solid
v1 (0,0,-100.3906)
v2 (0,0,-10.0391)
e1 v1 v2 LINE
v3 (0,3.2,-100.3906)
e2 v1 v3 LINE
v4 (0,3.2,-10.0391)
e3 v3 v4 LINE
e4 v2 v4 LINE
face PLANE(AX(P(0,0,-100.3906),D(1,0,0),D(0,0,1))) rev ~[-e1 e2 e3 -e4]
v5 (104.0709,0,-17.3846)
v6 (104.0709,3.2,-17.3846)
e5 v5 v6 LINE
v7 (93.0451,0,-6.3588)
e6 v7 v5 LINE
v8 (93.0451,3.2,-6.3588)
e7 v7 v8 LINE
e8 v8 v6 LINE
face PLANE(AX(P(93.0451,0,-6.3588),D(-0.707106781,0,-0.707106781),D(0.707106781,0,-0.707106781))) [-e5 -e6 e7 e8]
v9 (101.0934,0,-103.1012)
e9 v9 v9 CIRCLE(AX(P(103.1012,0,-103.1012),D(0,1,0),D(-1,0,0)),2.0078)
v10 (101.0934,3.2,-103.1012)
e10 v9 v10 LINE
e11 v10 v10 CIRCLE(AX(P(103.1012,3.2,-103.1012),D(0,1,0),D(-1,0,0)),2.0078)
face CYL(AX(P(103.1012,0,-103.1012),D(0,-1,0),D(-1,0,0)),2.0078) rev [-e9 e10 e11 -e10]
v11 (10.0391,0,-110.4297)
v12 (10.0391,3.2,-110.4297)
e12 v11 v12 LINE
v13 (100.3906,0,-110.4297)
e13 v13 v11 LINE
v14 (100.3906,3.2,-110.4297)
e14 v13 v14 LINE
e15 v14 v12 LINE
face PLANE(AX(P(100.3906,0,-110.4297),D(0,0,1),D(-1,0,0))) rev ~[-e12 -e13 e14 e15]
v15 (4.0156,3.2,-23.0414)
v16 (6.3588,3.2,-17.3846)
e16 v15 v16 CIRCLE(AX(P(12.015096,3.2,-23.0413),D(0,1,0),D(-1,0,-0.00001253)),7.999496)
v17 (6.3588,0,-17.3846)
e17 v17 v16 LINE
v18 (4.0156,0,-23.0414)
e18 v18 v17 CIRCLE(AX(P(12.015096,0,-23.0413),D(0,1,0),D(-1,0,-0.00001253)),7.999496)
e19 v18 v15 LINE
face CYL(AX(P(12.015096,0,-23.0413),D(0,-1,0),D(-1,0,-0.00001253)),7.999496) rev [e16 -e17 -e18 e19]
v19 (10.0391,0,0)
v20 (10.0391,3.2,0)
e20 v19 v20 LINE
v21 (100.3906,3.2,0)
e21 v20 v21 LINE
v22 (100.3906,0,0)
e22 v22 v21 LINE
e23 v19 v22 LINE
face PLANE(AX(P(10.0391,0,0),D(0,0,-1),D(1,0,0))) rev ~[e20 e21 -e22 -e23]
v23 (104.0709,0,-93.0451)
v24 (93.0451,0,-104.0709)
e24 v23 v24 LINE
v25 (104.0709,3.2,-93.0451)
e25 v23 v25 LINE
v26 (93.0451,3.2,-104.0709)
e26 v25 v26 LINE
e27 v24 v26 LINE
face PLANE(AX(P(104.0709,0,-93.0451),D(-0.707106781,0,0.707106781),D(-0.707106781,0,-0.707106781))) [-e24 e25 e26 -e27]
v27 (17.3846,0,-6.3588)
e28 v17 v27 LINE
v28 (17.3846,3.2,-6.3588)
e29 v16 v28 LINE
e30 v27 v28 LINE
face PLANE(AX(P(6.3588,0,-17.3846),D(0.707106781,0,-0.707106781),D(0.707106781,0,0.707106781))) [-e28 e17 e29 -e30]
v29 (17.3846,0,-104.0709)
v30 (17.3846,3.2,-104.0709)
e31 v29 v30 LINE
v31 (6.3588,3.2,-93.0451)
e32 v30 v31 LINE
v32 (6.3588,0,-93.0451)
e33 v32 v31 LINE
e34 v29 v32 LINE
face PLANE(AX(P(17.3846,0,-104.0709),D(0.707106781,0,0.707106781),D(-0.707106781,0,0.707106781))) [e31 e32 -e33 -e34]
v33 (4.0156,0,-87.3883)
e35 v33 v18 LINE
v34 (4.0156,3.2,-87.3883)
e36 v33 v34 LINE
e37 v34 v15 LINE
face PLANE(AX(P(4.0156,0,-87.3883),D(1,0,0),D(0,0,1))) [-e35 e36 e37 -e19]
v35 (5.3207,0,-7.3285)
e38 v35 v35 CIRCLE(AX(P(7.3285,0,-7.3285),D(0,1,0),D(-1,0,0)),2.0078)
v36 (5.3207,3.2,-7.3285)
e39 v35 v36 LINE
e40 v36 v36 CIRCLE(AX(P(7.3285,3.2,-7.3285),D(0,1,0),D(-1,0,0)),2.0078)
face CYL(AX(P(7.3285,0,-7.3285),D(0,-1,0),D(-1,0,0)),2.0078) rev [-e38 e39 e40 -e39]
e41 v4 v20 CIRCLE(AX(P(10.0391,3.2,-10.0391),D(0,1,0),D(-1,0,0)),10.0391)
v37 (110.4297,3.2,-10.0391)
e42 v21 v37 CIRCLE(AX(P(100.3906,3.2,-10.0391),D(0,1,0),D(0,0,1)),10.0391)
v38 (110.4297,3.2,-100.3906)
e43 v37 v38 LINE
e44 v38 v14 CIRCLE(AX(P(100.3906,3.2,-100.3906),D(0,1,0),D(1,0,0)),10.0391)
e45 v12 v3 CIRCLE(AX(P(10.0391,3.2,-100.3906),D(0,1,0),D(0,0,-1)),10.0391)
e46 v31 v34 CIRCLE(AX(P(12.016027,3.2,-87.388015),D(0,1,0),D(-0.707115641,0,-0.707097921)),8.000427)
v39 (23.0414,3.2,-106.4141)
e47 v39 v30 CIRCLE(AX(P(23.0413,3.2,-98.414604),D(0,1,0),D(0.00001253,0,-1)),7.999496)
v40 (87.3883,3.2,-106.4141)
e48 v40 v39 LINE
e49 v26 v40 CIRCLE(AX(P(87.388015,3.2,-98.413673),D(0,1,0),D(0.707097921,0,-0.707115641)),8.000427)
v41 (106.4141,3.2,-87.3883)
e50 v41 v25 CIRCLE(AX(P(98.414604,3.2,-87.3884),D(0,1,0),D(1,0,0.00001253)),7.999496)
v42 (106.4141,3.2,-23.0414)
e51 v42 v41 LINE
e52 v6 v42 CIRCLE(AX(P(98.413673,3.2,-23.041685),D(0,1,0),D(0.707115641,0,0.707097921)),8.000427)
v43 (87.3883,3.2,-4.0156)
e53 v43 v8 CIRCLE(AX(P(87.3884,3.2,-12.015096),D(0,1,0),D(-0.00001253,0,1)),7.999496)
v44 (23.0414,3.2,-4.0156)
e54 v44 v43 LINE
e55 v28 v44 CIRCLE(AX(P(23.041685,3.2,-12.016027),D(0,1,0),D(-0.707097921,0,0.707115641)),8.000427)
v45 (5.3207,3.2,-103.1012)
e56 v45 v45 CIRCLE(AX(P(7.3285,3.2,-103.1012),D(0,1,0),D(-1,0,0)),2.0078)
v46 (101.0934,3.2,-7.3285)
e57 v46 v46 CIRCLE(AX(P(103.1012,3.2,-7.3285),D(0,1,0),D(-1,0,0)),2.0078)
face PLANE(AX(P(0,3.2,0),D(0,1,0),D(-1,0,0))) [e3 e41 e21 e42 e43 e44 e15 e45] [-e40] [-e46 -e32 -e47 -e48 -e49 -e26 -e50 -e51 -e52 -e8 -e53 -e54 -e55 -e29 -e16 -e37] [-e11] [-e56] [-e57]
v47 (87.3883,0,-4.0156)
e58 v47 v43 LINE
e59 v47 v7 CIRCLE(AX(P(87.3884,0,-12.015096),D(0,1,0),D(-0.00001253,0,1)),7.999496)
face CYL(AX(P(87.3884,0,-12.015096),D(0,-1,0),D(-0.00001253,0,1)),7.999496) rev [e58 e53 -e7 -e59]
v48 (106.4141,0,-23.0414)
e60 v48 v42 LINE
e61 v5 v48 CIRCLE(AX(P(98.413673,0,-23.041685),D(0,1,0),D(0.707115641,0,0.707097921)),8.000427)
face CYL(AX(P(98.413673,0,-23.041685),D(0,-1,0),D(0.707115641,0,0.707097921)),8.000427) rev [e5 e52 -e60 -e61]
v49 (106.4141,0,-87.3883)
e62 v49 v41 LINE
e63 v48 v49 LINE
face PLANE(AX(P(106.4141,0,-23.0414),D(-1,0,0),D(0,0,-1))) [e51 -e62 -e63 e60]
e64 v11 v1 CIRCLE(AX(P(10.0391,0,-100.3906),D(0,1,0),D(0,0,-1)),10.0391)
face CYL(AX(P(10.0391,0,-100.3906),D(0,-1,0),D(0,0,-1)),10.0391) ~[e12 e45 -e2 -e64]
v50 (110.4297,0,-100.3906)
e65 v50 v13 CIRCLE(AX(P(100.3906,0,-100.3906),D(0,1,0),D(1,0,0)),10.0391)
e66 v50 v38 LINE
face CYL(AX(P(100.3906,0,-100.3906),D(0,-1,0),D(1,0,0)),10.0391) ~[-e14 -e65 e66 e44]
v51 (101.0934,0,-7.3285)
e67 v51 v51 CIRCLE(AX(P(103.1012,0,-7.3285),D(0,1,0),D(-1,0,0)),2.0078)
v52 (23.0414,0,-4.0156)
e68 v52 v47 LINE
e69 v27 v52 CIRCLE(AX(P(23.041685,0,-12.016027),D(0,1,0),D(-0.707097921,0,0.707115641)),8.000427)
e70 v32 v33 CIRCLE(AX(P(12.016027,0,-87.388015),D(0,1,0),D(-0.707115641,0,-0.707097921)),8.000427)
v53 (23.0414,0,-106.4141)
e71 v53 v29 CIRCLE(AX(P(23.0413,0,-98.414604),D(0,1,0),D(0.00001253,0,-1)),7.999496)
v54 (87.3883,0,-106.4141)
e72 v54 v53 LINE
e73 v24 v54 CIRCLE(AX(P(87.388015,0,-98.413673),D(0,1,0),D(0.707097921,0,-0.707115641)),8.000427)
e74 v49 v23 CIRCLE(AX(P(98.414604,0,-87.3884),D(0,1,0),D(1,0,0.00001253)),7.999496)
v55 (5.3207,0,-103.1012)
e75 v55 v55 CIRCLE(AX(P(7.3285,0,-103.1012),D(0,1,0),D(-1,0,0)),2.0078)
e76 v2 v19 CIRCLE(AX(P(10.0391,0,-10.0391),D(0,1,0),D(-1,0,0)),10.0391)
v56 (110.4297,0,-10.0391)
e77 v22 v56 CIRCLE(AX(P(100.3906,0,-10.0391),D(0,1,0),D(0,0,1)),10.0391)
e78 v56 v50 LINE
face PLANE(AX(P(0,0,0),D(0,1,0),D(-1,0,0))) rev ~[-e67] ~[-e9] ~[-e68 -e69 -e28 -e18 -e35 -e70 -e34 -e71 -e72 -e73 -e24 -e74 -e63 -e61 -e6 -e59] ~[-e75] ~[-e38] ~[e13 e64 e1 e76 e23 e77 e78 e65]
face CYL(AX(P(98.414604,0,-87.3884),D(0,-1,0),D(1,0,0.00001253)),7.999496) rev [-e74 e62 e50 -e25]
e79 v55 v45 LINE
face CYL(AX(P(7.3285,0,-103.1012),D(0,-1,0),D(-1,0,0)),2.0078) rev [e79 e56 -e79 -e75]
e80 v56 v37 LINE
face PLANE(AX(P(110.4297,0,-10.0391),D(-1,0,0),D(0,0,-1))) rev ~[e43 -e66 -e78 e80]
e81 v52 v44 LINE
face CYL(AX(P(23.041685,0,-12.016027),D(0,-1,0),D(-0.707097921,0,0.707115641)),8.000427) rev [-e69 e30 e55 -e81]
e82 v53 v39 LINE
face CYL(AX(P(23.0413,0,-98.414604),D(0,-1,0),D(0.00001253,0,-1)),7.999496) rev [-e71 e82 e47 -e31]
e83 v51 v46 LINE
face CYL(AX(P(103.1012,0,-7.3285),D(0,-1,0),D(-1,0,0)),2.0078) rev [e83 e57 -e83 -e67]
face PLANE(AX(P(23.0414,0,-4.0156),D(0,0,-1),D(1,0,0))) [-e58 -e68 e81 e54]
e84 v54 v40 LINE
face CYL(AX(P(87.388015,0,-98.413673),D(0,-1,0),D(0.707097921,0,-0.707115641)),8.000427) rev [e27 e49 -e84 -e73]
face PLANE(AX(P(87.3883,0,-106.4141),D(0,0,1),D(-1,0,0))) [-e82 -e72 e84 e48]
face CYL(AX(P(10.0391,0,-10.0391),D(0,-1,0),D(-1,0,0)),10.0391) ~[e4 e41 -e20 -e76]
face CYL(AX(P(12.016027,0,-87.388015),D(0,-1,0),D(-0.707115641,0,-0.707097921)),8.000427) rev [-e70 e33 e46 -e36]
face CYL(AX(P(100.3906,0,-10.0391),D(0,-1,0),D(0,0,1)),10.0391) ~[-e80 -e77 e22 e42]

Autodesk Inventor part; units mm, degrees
ref_plane "YZ Plane" through (0, 0, 0) normal (1, 0, 0) x (0, 1, 0)
ref_plane "XZ Plane" through (0, 0, 0) normal (0, 1, 0) x (-1, 0, 0)
ref_plane "XY Plane" through (0, 0, 0) normal (0, 0, 1) x (1, 0, 0)
sketch "Sketch1" plane through (0, 0, 0) normal (0, 1, 0) x (-1, 0, 0)
  line L0 (-10.0391, 0) -> (-100.3906, 0)
  line L1 (-110.4297, -10.0391) -> (-110.4297, -100.3906)
  line L2 (-100.3906, -110.4297) -> (-10.0391, -110.4297)
  line L3 (0, -100.3906) -> (0, -10.0391)
  arc A0 (-10.0391, -110.4297) -> (0, -100.3906) centre (-10.0391, -100.3906) ccw
  arc A1 (-110.4297, -100.3906) -> (-100.3906, -110.4297) centre (-100.3906, -100.3906) ccw
  arc A2 (-100.3906, 0) -> (-110.4297, -10.0391) centre (-100.3906, -10.0391) ccw
  arc A3 (0, -10.0391) -> (-10.0391, 0) centre (-10.0391, -10.0391) ccw
  line L4 (-23.0414, -4.0156) -> (-87.3883, -4.0156)
  line L5 (-106.4141, -23.0414) -> (-106.4141, -87.3883)
  line L6 (-87.3883, -106.4141) -> (-23.0414, -106.4141)
  line L7 (-4.0156, -87.3883) -> (-4.0156, -23.0414)
  circle A4 centre (-7.3285, -7.3285) radius 2.0078
  circle A5 centre (-7.3285, -103.1012) radius 2.0078
  circle A6 centre (-103.1012, -103.1012) radius 2.0078
  circle A7 centre (-103.1012, -7.3285) radius 2.0078
  line L8 (-6.3588, -17.3846) -> (-17.3846, -6.3588)
  line L9 (-93.0451, -6.3588) -> (-104.0709, -17.3846)
  line L10 (-104.0709, -93.0451) -> (-93.0451, -104.0709)
  line L11 (-17.3846, -104.0709) -> (-6.3588, -93.0451)
  arc A8 (-17.3846, -6.3588) -> (-23.0414, -4.0156) centre (-23.0414, -12.0156) ccw
  arc A9 (-4.0156, -23.0414) -> (-6.3588, -17.3846) centre (-12.0156, -23.0414) ccw
  arc A10 (-6.3588, -93.0451) -> (-4.0156, -87.3883) centre (-12.0156, -87.3883) ccw
  arc A11 (-23.0414, -106.4141) -> (-17.3846, -104.0709) centre (-23.0414, -98.4141) ccw
  arc A12 (-93.0451, -104.0709) -> (-87.3883, -106.4141) centre (-87.3883, -98.4141) ccw
  arc A13 (-106.4141, -87.3883) -> (-104.0709, -93.0451) centre (-98.4141, -87.3883) ccw
  arc A14 (-104.0709, -17.3846) -> (-106.4141, -23.0414) centre (-98.4141, -23.0414) ccw
  arc A15 (-87.3883, -4.0156) -> (-93.0451, -6.3588) centre (-87.3883, -12.0156) ccw
  point P0 (0, 0)
  point P1 (-4.0156, -4.0156)
  point P2 (-106.4141, -106.4141)
  point P3 (-106.4141, -4.0156)
  point P4 (-4.0156, -106.4141)
  point P5 (-4.0156, -19.7277)
  point P6 (-19.7277, -4.0156)
  point P7 (-55.2148, -55.2148)
  point P8 (-90.702, -4.0156)
  point P9 (-106.4141, -19.7277)
  point P10 (-106.4141, -90.702)
  point P11 (-90.702, -106.4141)
  point P12 (-19.7277, -106.4141)
  point P13 (-4.0156, -90.702)
  dimension "d25" = 360
extrude "Extrusion1" add sketch "Sketch1" along normal blind 3.2
properties part number "Spacer"
